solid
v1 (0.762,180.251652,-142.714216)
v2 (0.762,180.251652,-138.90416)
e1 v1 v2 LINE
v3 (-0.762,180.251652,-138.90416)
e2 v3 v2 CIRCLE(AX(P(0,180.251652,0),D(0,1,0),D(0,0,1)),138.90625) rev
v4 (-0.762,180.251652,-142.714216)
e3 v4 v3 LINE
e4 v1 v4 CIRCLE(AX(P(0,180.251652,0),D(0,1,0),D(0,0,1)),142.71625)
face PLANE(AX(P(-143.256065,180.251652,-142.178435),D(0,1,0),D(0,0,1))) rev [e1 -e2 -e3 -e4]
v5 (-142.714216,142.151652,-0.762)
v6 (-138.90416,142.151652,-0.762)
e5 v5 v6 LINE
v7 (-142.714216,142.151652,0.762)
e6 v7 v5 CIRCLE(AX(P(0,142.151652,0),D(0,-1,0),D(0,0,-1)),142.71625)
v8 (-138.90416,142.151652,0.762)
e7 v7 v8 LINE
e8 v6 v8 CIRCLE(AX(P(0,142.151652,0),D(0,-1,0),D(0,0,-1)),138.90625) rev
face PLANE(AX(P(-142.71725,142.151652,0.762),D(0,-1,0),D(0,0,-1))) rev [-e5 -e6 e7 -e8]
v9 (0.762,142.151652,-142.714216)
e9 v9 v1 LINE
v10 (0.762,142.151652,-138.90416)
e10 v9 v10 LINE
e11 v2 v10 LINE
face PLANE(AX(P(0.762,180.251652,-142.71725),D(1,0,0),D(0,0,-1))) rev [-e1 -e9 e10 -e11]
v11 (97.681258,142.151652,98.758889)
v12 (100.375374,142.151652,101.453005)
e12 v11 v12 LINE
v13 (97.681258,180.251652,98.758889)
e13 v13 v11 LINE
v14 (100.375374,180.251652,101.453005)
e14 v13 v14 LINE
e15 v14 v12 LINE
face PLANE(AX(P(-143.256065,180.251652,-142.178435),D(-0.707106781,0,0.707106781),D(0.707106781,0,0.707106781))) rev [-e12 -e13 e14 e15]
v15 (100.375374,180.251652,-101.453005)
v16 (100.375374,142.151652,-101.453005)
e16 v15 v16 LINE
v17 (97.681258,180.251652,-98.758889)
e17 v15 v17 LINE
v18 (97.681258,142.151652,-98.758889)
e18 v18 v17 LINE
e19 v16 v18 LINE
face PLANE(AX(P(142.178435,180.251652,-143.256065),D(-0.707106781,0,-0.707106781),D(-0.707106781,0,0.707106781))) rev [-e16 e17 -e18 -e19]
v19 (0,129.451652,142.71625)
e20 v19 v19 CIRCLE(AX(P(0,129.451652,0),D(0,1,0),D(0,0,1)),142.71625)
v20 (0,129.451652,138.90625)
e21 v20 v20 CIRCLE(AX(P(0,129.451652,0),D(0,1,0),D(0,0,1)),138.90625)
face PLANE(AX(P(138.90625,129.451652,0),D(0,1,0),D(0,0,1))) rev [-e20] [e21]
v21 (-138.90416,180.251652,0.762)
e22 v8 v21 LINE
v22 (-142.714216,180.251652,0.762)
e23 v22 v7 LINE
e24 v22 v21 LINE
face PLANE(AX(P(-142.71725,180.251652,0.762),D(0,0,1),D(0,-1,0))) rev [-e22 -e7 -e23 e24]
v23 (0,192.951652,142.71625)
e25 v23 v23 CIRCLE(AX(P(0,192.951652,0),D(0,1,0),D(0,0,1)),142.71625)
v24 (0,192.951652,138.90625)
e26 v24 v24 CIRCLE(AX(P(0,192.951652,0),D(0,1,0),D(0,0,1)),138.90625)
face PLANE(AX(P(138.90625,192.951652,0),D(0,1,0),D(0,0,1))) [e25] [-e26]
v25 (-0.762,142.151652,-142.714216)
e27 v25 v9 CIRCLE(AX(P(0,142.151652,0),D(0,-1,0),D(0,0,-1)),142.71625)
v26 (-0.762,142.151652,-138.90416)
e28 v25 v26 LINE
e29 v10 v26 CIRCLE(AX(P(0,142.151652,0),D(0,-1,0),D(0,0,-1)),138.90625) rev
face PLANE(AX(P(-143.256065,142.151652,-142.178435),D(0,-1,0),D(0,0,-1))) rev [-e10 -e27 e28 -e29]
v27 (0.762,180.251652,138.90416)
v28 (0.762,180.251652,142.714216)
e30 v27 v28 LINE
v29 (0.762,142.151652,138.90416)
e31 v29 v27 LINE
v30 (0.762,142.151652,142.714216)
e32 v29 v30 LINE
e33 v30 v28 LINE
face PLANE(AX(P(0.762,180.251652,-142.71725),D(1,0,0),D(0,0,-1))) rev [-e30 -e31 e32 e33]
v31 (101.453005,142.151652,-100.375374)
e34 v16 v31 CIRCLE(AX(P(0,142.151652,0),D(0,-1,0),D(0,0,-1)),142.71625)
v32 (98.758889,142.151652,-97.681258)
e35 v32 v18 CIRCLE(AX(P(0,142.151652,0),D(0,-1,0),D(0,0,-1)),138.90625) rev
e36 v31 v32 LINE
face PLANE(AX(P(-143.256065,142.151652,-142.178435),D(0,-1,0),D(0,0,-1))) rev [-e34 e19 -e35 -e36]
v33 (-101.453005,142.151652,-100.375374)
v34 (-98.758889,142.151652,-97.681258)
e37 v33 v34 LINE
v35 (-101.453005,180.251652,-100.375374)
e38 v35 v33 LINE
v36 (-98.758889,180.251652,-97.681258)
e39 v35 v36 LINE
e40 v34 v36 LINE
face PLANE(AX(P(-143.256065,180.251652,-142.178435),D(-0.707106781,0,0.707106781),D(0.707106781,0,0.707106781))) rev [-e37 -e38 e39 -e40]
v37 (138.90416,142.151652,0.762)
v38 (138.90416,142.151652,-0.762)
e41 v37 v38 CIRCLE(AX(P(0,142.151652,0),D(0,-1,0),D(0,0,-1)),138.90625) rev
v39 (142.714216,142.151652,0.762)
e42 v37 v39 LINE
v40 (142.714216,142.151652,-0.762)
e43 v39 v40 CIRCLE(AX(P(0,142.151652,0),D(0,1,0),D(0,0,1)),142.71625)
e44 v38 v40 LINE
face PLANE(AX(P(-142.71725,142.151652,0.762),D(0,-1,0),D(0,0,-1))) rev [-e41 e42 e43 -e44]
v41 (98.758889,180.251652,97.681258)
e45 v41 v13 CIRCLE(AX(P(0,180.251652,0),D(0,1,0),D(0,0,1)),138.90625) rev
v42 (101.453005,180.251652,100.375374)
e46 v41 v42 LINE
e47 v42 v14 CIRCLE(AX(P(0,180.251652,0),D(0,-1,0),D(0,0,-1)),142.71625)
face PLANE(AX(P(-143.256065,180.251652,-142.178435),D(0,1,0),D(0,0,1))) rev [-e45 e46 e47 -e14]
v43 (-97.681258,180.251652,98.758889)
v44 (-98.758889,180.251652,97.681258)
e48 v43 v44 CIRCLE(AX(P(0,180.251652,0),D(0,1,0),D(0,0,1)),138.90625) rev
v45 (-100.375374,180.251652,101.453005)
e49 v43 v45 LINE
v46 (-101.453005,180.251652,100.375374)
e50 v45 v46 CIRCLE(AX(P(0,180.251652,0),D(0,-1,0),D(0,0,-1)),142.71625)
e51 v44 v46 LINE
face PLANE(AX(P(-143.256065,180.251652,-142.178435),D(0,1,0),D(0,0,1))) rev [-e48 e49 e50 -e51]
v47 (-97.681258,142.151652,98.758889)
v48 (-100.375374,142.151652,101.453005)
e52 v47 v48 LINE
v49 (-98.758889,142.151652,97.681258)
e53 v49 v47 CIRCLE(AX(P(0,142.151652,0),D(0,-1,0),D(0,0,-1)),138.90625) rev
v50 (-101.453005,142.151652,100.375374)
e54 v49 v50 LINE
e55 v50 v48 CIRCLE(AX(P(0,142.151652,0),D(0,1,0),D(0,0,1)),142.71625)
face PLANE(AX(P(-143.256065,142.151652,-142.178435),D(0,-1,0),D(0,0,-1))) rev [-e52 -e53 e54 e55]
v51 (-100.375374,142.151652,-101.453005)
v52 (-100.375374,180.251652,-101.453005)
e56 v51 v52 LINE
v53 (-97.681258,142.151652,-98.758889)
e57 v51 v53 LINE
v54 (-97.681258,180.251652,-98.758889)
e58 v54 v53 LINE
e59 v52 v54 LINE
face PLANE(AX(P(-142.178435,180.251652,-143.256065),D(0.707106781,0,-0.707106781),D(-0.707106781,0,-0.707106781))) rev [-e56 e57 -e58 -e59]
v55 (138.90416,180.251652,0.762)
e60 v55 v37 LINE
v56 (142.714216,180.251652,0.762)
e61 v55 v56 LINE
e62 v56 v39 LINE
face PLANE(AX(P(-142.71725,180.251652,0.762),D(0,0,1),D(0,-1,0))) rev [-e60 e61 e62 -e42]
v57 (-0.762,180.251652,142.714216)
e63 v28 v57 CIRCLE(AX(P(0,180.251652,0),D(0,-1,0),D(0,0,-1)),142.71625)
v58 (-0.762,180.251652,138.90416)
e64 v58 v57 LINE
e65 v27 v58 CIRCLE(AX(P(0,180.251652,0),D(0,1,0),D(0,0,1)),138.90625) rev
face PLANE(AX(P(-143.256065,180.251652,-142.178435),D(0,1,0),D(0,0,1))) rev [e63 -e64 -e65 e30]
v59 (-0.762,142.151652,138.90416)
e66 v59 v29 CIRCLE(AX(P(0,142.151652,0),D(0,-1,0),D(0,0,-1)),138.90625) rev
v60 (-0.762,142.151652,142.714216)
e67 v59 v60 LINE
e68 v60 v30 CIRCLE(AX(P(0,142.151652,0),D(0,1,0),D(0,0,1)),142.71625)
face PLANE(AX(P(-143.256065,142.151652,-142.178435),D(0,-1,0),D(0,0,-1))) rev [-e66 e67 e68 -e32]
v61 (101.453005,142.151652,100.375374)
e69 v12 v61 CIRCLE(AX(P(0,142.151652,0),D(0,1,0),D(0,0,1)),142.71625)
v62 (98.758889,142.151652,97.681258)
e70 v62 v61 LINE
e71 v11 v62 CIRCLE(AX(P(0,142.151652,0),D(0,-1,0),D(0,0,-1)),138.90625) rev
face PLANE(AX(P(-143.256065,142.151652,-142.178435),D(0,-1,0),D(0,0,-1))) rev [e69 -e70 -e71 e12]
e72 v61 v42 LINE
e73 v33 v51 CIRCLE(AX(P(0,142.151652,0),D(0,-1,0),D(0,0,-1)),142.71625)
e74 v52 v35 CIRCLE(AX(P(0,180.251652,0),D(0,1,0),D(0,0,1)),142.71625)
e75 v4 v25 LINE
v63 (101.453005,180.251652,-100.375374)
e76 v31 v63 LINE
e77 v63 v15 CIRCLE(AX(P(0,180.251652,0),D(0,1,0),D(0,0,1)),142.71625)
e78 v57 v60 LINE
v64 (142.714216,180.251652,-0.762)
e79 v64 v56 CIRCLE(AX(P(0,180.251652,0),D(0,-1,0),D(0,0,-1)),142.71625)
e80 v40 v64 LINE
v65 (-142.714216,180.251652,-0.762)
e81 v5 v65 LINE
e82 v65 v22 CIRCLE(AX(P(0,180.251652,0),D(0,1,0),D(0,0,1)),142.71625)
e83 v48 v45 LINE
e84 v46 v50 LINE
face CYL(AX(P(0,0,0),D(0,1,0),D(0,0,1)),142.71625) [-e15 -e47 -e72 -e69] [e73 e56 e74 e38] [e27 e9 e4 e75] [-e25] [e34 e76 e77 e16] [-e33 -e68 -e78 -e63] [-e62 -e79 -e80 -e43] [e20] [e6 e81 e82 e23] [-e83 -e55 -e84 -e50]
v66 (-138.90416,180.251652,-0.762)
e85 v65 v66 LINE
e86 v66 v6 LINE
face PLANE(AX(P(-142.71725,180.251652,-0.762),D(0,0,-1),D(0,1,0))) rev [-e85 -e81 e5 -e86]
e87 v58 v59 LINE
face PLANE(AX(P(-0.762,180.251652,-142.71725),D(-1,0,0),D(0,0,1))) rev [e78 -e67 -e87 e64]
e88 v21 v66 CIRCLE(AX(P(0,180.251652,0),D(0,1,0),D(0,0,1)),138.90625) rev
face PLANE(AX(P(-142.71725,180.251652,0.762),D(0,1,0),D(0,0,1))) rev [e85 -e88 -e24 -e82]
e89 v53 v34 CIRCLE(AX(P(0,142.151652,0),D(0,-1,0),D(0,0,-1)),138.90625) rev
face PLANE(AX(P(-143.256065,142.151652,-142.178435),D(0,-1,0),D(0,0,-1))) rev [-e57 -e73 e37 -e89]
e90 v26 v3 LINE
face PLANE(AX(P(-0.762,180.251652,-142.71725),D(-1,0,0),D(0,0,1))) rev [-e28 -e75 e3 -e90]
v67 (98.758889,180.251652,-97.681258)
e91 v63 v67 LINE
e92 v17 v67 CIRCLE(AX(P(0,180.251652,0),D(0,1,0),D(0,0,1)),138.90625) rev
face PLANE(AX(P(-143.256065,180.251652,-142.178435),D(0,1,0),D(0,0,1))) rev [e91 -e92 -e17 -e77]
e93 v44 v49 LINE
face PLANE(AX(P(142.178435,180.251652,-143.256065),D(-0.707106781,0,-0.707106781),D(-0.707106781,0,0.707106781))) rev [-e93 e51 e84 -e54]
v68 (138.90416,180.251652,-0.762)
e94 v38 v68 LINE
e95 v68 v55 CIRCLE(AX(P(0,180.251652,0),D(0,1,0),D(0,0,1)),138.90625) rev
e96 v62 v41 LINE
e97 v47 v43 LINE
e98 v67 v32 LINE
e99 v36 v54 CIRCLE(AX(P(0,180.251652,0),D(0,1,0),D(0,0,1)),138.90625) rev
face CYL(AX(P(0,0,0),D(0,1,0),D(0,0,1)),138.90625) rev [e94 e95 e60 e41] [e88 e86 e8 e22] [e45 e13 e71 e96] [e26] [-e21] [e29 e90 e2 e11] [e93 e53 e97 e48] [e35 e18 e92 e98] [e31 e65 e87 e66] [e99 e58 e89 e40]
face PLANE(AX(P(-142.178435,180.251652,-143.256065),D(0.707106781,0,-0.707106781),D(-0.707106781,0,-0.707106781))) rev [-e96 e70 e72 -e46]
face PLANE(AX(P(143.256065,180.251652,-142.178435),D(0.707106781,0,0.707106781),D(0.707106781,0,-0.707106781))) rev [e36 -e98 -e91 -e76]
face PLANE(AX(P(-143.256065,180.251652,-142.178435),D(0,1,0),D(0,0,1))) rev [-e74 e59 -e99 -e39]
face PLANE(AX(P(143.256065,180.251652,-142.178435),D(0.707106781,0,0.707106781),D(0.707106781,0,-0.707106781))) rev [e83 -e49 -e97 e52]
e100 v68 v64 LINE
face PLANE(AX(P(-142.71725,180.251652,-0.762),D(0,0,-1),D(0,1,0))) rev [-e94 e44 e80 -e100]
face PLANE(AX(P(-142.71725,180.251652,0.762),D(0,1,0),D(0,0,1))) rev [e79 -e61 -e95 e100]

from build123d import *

# Parameters (mm, degrees)
SKETCH1_W                           = 3.81
SKETCH1_H                           = 63.5
CUT_EXTRUDE1_REACH                  = 281.224
CUT_EXTRUDE1_END_RADIUS             = 142.71625
SKETCH2_W                           = 1.524
SKETCH2_H                           = 38.1
CUT_EXTRUDE1_DIRECTION_2_REACH      = 281.224
CUT_EXTRUDE1_DIRECTION_2_END_RADIUS = 142.71625
CIRPATTERN1_COUNT                   = 4
CIRPATTERN1_ANGLE                   = 135


with BuildPart() as part:
    # Sketch1 → Revolve1 (revolve)
    with BuildSketch(Plane.XY, mode=Mode.PRIVATE) as revolve1_sk:
        with Locations((140.81125, 161.201652174)):
            Rectangle(SKETCH1_W, SKETCH1_H)
    revolve(revolve1_sk.sketch.rotate(Axis((0, 0, 0), (0, -1, 0)), 90), axis=Axis((0, 0, 0), (0, -1, 0)))

    # Cut-Extrude1: up to this cylinder (the profile starts inside it)
    cut_extrude1_end = Plane(origin=(0, 161.201652, 0), z_dir=(0, 1, 0)) * Cylinder(CUT_EXTRUDE1_END_RADIUS, 848.8805, mode=Mode.PRIVATE)
    # Sketch2 → Cut-Extrude1 (cut, up to the surface)
    with BuildSketch(Plane(origin=(0, 0, 0), x_dir=(0, 0, -1), z_dir=(1, 0, 0)), mode=Mode.PRIVATE) as cut_extrude1_sk1:
        with Locations((0, 161.201652174)):
            Rectangle(SKETCH2_W, SKETCH2_H)
    cut_extrude1_tool1 = extrude(cut_extrude1_sk1.sketch, amount=-CUT_EXTRUDE1_REACH, mode=Mode.PRIVATE) & cut_extrude1_end
    cut_extrude1 = cut_extrude1_tool1.solids().sort_by_distance((0, 161.201652, 0))[0]
    add(cut_extrude1, mode=Mode.SUBTRACT)

    # Cut-Extrude1 direction 2: up to this cylinder (the profile starts inside it)
    cut_extrude1_direction_2_end = Plane(origin=(0, 161.201652, 0), z_dir=(0, 1, 0)) * Cylinder(CUT_EXTRUDE1_DIRECTION_2_END_RADIUS, 848.8805, mode=Mode.PRIVATE)
    # Sketch2 → Cut-Extrude1 direction 2 (cut, up to the surface)
    with BuildSketch(Plane(origin=(0, 0, 0), x_dir=(0, 0, -1), z_dir=(1, 0, 0)), mode=Mode.PRIVATE) as cut_extrude1_direction_2_sk1:
        with Locations((0, 161.201652174)):
            Rectangle(SKETCH2_W, SKETCH2_H)
    cut_extrude1_direction_2_tool1 = extrude(cut_extrude1_direction_2_sk1.sketch, amount=CUT_EXTRUDE1_DIRECTION_2_REACH, mode=Mode.PRIVATE) & cut_extrude1_direction_2_end
    cut_extrude1_direction_2 = cut_extrude1_direction_2_tool1.solids().sort_by_distance((0, 161.201652, 0))[0]
    add(cut_extrude1_direction_2, mode=Mode.SUBTRACT)
    cut_extrude1 = cut_extrude1 + cut_extrude1_direction_2  # both directions under the feature's name, for the pattern or mirror that repeats it

    # CirPattern1: Cut-Extrude1 ×4 about axis
    cirpattern1_axis = Axis((0, 0, 0), (0, -1, 0))
    for i in range(1, CIRPATTERN1_COUNT):
        add(cut_extrude1.rotate(cirpattern1_axis, i * CIRPATTERN1_ANGLE / (CIRPATTERN1_COUNT - 1)), mode=Mode.SUBTRACT)


solid = part.part
